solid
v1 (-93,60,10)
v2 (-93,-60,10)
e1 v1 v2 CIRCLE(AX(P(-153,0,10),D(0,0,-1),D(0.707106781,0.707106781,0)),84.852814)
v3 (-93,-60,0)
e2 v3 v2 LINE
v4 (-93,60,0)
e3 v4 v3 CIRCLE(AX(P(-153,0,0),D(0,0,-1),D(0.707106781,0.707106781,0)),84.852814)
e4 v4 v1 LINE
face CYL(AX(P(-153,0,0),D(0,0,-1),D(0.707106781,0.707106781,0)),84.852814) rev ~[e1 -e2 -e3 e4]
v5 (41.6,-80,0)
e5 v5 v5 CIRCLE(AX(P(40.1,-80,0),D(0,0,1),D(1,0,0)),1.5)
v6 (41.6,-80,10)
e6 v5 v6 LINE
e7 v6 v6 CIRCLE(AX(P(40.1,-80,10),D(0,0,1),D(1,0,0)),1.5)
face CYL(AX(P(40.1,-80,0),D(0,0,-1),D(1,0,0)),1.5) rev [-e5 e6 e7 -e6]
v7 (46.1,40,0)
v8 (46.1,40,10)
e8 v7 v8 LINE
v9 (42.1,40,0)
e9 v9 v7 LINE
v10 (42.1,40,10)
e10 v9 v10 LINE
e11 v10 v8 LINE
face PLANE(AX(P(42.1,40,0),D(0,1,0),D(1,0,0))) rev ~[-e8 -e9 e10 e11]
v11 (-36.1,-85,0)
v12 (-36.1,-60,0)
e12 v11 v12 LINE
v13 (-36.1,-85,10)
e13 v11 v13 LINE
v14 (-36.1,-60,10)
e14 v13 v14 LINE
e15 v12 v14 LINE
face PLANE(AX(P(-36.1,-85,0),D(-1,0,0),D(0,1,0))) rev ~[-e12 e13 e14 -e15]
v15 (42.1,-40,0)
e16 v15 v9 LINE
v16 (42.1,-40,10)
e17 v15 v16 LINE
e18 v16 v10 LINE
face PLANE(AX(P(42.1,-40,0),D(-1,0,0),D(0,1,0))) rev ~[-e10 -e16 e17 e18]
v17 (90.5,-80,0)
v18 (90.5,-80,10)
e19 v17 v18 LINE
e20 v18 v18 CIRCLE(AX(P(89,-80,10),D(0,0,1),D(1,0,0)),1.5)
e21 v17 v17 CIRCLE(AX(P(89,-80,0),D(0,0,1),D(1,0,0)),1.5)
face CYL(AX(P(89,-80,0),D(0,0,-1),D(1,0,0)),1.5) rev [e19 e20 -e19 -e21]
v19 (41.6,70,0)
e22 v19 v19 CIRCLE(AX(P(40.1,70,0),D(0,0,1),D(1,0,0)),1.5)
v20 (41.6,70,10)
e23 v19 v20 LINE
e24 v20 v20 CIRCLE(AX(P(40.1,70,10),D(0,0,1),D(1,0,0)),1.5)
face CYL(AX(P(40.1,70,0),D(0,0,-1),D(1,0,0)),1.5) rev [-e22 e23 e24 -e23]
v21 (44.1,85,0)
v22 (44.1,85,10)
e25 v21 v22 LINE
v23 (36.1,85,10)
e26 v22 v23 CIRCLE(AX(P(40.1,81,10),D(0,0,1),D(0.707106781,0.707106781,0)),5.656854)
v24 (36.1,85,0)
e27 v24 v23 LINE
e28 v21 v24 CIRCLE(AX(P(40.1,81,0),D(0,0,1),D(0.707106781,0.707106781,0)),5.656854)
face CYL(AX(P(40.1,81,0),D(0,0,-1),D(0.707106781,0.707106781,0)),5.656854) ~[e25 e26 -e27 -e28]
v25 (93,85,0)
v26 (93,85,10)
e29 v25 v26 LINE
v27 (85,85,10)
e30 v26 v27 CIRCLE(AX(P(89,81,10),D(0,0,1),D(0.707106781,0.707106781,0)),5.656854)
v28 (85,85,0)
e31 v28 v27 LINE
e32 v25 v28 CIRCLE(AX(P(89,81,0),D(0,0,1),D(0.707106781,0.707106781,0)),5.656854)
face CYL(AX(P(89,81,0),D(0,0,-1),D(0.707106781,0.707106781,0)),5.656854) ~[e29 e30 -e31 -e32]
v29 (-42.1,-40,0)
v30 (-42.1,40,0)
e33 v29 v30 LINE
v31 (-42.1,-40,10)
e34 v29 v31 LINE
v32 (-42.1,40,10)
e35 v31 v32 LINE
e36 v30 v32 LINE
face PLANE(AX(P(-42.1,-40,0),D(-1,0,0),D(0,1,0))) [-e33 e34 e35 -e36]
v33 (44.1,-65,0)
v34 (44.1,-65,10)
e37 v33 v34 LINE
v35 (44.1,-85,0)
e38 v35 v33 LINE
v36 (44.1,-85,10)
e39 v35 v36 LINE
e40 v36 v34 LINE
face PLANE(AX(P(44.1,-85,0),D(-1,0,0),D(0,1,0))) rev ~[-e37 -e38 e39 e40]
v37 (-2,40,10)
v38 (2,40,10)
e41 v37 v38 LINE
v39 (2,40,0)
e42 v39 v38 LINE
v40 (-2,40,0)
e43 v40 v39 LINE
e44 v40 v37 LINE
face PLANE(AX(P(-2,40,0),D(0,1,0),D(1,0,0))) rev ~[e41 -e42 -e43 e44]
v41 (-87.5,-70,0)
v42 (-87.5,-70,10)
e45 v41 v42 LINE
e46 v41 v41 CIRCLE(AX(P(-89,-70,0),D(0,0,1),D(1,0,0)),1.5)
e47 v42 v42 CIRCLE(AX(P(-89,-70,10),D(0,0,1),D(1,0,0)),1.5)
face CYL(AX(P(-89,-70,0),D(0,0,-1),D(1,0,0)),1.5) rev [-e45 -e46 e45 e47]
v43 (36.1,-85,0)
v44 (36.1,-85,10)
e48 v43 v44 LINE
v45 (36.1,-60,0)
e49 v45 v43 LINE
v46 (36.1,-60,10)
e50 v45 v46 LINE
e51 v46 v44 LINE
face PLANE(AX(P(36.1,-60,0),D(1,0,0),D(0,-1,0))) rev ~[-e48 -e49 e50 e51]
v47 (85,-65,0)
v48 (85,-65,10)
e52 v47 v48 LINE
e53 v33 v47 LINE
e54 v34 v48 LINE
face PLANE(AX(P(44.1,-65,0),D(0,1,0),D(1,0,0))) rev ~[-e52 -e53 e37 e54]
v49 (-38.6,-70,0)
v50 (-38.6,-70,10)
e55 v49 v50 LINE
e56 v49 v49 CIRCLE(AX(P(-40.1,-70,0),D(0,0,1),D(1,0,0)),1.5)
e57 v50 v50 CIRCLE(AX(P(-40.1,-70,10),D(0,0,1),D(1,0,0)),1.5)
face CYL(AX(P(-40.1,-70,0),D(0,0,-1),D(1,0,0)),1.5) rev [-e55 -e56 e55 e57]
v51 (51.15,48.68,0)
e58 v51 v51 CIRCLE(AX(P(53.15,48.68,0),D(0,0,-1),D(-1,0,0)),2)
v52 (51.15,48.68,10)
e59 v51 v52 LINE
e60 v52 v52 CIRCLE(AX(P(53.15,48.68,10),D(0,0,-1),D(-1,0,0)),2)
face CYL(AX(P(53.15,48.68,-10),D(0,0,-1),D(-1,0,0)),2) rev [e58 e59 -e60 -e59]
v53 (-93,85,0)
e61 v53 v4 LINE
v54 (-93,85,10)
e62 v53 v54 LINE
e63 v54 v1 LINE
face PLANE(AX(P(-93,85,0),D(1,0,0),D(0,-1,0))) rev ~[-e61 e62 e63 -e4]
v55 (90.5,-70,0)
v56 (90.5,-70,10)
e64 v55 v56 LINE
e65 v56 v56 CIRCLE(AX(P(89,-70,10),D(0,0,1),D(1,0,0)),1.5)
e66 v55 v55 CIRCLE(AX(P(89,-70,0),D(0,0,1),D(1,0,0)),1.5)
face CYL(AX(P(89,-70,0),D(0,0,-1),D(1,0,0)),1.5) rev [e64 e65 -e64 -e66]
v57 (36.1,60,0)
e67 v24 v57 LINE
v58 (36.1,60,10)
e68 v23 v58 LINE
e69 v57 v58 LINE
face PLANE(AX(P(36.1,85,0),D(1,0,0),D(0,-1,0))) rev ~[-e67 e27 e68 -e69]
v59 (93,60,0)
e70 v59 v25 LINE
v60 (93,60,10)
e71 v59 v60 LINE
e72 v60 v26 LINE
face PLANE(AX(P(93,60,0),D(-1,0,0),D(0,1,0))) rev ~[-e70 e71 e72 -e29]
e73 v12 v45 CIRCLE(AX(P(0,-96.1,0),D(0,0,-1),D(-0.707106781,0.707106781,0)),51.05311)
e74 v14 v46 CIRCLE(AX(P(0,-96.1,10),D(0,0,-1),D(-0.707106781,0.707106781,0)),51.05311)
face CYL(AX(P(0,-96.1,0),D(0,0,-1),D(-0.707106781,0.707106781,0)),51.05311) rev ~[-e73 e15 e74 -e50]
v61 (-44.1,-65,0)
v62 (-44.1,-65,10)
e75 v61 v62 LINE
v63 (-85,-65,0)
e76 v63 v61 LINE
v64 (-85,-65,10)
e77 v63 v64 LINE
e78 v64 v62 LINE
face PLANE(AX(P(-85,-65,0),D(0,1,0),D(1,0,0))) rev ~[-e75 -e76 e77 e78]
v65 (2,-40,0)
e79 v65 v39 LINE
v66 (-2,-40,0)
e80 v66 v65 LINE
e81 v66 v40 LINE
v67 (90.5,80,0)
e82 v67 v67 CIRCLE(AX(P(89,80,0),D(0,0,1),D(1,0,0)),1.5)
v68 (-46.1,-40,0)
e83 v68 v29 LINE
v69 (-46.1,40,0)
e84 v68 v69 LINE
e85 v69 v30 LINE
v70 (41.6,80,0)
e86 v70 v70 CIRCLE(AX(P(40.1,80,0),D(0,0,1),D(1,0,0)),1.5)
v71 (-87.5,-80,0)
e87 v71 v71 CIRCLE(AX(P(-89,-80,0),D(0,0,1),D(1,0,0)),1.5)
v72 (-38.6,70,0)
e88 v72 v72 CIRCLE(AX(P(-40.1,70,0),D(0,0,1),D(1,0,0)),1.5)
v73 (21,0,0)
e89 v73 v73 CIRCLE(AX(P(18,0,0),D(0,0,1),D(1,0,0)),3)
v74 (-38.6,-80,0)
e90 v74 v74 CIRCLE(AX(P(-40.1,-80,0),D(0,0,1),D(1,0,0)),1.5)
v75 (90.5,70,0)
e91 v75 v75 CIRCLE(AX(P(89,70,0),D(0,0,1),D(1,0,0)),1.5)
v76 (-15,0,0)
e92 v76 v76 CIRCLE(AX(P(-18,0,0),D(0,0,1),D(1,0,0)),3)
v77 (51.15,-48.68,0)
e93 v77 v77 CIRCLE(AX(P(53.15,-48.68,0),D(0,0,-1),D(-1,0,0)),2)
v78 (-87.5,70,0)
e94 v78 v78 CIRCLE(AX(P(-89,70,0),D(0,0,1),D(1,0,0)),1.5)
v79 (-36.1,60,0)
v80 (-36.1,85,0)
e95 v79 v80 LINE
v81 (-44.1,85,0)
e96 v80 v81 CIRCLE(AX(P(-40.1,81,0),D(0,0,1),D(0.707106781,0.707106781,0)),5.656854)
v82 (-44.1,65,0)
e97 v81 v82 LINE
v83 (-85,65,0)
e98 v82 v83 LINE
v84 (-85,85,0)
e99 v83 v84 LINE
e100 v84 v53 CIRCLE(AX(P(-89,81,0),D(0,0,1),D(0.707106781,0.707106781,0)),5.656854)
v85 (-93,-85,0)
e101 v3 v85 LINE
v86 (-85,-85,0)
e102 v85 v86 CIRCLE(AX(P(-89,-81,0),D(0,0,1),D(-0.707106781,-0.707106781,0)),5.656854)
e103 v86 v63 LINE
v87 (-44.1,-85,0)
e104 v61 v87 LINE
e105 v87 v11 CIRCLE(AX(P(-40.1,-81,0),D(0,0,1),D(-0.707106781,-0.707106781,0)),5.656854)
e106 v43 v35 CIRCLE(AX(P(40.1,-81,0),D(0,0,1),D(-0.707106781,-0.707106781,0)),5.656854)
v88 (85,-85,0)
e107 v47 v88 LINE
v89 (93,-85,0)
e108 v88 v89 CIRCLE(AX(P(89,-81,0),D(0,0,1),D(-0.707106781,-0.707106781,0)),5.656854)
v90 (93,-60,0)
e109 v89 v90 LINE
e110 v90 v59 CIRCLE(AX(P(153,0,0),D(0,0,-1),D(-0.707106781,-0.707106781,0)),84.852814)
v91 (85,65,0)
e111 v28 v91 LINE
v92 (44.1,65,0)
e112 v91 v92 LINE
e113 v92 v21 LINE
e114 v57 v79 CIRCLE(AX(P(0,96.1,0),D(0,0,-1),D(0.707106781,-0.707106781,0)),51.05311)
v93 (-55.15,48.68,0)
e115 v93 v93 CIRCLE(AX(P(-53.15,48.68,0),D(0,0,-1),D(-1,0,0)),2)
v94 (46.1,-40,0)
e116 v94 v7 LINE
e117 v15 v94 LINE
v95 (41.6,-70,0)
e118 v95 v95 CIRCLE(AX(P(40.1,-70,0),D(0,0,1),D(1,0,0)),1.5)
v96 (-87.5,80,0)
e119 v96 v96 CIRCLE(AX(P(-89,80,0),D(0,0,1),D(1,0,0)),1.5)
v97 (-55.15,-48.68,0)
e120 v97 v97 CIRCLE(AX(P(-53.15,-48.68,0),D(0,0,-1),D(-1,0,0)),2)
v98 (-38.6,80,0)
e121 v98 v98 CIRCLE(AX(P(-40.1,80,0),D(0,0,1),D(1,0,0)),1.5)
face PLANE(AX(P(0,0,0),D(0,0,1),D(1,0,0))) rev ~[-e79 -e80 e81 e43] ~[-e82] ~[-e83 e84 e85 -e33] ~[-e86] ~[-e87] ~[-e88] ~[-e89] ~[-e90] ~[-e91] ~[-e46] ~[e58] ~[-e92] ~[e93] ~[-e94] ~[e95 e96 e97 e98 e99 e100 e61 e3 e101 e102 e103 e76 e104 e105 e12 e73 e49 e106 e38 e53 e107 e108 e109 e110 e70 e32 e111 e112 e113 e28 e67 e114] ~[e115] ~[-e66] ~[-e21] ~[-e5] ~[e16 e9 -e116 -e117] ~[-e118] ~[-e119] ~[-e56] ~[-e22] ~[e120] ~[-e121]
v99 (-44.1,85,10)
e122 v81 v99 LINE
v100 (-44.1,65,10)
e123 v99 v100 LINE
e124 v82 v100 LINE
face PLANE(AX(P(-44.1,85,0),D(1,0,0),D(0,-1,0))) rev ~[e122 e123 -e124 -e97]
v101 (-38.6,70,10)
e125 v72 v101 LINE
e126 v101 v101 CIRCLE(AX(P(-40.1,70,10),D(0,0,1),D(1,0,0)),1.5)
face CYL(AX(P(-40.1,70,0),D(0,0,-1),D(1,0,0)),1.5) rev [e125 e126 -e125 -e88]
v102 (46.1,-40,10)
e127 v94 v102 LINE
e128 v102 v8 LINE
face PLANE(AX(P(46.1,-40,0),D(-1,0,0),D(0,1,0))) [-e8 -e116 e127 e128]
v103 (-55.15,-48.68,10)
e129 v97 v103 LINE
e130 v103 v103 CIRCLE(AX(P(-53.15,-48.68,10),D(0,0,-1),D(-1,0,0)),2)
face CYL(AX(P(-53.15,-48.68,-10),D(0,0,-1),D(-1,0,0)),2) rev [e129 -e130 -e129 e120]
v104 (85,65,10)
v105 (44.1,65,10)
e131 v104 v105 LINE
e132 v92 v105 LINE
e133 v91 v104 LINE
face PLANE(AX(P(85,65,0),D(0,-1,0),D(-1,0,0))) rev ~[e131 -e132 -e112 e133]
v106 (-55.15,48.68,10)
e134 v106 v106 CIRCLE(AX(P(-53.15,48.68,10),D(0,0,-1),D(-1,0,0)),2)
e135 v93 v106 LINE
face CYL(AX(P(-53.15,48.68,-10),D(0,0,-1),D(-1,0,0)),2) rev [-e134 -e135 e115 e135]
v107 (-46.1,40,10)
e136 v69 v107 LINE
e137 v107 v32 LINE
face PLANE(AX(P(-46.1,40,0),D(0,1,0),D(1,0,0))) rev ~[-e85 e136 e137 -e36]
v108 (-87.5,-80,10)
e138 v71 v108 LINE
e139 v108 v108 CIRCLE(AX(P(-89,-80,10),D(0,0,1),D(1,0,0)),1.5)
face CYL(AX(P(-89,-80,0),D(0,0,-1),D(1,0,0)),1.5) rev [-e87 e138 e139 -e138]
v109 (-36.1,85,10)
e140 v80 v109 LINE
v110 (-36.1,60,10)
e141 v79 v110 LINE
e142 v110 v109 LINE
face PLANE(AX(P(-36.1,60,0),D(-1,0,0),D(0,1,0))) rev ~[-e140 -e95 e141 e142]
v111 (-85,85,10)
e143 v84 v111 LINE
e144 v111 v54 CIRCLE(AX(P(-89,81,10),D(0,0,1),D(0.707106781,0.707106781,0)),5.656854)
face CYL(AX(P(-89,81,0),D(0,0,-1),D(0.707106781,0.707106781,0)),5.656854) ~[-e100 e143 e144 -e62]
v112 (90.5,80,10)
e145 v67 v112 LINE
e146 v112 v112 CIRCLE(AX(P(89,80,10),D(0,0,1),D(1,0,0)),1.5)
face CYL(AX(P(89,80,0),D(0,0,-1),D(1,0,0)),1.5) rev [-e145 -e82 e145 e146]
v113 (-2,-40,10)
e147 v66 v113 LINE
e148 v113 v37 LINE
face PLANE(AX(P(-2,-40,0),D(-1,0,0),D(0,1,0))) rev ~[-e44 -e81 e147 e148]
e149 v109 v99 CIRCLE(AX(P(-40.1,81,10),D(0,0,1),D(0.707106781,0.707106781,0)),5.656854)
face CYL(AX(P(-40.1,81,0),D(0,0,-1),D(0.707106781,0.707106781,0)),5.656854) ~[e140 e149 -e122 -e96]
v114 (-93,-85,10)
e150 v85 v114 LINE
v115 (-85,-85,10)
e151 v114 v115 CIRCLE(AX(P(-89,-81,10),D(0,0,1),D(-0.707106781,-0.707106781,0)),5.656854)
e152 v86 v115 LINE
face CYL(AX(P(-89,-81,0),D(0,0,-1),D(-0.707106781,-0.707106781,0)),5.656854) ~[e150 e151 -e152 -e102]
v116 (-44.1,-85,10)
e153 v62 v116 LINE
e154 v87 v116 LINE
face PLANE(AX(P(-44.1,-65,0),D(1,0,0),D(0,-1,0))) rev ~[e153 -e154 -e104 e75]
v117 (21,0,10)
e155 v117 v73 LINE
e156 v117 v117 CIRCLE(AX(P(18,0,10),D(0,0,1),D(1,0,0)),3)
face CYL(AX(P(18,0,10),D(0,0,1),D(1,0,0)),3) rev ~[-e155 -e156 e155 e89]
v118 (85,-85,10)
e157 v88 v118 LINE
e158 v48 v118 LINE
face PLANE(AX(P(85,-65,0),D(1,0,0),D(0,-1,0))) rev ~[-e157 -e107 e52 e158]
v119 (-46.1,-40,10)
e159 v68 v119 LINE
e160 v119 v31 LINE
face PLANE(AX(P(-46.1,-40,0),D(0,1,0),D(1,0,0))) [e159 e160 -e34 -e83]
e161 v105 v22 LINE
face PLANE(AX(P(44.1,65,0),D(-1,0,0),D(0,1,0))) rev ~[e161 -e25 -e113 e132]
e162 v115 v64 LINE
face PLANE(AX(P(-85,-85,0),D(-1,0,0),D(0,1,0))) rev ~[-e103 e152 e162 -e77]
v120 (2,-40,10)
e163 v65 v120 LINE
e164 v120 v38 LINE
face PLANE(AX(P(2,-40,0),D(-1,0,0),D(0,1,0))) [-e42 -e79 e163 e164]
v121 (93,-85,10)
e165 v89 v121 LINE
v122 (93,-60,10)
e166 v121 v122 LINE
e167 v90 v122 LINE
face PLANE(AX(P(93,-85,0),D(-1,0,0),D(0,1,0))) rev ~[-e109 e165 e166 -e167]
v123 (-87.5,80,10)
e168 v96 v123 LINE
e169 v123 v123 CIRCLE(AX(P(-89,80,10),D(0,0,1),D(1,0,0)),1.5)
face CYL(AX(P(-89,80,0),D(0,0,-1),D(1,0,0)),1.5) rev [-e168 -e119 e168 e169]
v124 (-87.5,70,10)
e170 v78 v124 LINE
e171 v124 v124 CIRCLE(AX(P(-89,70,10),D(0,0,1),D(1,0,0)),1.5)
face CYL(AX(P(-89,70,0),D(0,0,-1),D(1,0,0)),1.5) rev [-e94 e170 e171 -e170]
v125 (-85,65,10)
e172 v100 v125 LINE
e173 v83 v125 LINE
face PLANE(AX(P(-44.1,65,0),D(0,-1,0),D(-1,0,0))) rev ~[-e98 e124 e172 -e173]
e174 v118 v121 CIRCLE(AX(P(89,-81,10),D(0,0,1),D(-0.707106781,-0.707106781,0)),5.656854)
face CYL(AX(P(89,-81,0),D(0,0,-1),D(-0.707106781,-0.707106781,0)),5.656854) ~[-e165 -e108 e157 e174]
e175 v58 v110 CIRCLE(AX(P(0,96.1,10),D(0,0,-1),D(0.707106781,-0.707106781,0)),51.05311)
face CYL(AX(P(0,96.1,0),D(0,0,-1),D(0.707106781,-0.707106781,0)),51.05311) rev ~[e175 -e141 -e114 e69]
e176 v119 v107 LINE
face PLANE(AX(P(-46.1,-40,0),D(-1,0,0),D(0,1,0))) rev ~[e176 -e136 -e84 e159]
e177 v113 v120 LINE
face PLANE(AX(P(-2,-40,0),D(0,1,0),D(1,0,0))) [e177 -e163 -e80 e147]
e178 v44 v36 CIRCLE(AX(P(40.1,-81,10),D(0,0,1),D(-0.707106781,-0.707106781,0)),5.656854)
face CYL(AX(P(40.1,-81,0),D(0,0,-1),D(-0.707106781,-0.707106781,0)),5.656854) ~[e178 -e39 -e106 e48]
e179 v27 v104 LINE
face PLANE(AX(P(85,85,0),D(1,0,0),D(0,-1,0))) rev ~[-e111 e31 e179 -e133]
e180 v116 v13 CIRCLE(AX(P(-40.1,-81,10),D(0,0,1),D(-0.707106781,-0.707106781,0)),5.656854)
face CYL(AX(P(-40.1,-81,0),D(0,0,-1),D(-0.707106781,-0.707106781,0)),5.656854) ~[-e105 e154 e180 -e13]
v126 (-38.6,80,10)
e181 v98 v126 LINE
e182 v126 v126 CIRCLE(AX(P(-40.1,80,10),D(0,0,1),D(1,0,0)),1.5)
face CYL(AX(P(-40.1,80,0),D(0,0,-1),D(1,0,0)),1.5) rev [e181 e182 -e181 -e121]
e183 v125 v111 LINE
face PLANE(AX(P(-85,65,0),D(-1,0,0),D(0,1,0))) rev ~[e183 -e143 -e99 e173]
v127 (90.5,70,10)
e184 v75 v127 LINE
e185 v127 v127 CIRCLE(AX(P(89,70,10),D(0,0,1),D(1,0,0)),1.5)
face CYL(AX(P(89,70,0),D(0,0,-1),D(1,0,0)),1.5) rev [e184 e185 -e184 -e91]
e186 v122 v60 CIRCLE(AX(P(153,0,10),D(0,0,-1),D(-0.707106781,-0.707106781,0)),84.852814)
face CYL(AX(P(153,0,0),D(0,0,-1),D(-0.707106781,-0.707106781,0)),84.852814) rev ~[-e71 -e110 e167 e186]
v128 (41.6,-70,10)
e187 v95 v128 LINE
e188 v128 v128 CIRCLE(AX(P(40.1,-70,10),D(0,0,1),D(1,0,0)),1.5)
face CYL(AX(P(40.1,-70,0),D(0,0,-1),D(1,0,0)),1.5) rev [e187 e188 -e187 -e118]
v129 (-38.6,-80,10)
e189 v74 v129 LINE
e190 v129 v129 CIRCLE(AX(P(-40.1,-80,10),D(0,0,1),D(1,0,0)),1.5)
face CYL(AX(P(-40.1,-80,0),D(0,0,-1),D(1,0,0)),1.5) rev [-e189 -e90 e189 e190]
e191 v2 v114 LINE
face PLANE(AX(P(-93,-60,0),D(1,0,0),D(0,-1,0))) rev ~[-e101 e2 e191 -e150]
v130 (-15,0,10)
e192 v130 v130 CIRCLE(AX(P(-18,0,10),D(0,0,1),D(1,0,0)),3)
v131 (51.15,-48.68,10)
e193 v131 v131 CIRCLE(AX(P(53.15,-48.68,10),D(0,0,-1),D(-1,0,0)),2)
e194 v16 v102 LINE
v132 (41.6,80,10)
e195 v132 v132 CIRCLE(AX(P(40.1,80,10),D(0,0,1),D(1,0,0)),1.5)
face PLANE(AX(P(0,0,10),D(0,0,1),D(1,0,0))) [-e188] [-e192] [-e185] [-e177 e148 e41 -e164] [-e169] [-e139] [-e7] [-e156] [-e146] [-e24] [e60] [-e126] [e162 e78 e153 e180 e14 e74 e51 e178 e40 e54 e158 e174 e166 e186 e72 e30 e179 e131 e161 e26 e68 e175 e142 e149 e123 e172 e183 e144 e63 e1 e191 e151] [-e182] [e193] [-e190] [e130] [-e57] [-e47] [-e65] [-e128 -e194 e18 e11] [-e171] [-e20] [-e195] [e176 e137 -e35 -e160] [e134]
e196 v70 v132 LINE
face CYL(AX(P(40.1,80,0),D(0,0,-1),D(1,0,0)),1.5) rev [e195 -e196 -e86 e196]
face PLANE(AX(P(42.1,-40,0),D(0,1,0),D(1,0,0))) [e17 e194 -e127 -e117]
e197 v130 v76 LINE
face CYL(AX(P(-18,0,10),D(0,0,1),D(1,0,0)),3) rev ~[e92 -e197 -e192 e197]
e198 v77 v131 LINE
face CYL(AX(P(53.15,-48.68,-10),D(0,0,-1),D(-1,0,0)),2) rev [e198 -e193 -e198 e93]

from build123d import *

# Parameters (mm, degrees)
SKETCH1_R               = 1.5
SKETCH1_W               = 4
SKETCH1_H               = 80
BOSS_EXTRUDE1_DEPTH     = 10
CUT_EXTRUDE1_DEPTH      = 128.50847183
CUT_EXTRUDE1_DEPTH_BACK = 20
SKETCH2_R               = 2
SKETCH3_R               = 3
CUT_EXTRUDE2_DEPTH      = 20


with BuildPart() as part:
    # Sketch1 → Boss-Extrude1 (new body)
    with BuildSketch(Plane.XY):
        with BuildLine():
            Line((-85, -85), (-85, -65))
            Line((-85, -65), (-44.1, -65))
            Line((-44.1, -65), (-44.1, -85))
            ThreePointArc((-44.1, -85), (-40.1, -86.656854249), (-36.1, -85))
            Line((-36.1, -85), (-36.1, -60))
            ThreePointArc((-36.1, -60), (0, -45.046890398), (36.1, -60))
            Line((36.1, -60), (36.1, -85))
            ThreePointArc((36.1, -85), (40.1, -86.656854249), (44.1, -85))
            Line((44.1, -85), (44.1, -65))
            Line((44.1, -65), (85, -65))
            Line((85, -65), (85, -85))
            ThreePointArc((85, -85), (89, -86.656854249), (93, -85))
            Line((93, -85), (93, -60))
            ThreePointArc((93, -60), (68.147186258, 0), (93, 60))
            Line((93, 60), (93, 85))
            ThreePointArc((93, 85), (89, 86.656854249), (85, 85))
            Line((85, 85), (85, 65))
            Line((85, 65), (44.1, 65))
            Line((44.1, 65), (44.1, 85))
            ThreePointArc((44.1, 85), (40.1, 86.656854249), (36.1, 85))
            Line((36.1, 85), (36.1, 60))
            ThreePointArc((36.1, 60), (0, 45.046890398), (-36.1, 60))
            Line((-36.1, 60), (-36.1, 85))
            ThreePointArc((-36.1, 85), (-40.1, 86.656854249), (-44.1, 85))
            Line((-44.1, 85), (-44.1, 65))
            Line((-44.1, 65), (-85, 65))
            Line((-85, 65), (-85, 85))
            ThreePointArc((-85, 85), (-89, 86.656854249), (-93, 85))
            Line((-93, 85), (-93, 60))
            ThreePointArc((-93, 60), (-68.147186258, 0), (-93, -60))
            Line((-93, -60), (-93, -85))
            ThreePointArc((-93, -85), (-89, -86.656854249), (-85, -85))
        make_face()
        with Locations((-89, 70)):
            Circle(SKETCH1_R, mode=Mode.SUBTRACT)
        with Locations((-89, 80)):
            Circle(SKETCH1_R, mode=Mode.SUBTRACT)
        with Locations((-40.1, 70)):
            Circle(SKETCH1_R, mode=Mode.SUBTRACT)
        with Locations((-40.1, 80)):
            Circle(SKETCH1_R, mode=Mode.SUBTRACT)
        with Locations((-40.1, -70)):
            Circle(SKETCH1_R, mode=Mode.SUBTRACT)
        with Locations((-40.1, -80)):
            Circle(SKETCH1_R, mode=Mode.SUBTRACT)
        with Locations((-89, -80)):
            Circle(SKETCH1_R, mode=Mode.SUBTRACT)
        with Locations((-89, -70)):
            Circle(SKETCH1_R, mode=Mode.SUBTRACT)
        with Locations((89, 80)):
            Circle(SKETCH1_R, mode=Mode.SUBTRACT)
        with Locations((89, 70)):
            Circle(SKETCH1_R, mode=Mode.SUBTRACT)
        with Locations((40.1, 80)):
            Circle(SKETCH1_R, mode=Mode.SUBTRACT)
        with Locations((40.1, 70)):
            Circle(SKETCH1_R, mode=Mode.SUBTRACT)
        with Locations((89, -70)):
            Circle(SKETCH1_R, mode=Mode.SUBTRACT)
        with Locations((89, -80)):
            Circle(SKETCH1_R, mode=Mode.SUBTRACT)
        with Locations((40.1, -80)):
            Circle(SKETCH1_R, mode=Mode.SUBTRACT)
        with Locations((40.1, -70)):
            Circle(SKETCH1_R, mode=Mode.SUBTRACT)
        with Locations((44.1, 0)):
            Rectangle(SKETCH1_W, SKETCH1_H, mode=Mode.SUBTRACT)
        with Locations((-44.1, 0)):
            Rectangle(SKETCH1_W, SKETCH1_H, mode=Mode.SUBTRACT)
        Rectangle(SKETCH1_W, SKETCH1_H, mode=Mode.SUBTRACT)
    extrude(amount=BOSS_EXTRUDE1_DEPTH)

    # Sketch2 → Cut-Extrude1 (cut, two sides: drawn at the far end of the back side and taken through both)
    with BuildSketch(Plane.XY.offset(10).offset(-CUT_EXTRUDE1_DEPTH_BACK)):
        with Locations(Location((53.15, -48.68, 0), (0, 0, 180))):
            Circle(SKETCH2_R)
        with Locations(Location((-53.15, -48.68, 0), (0, 0, 180))):
            Circle(SKETCH2_R)
        with Locations(Location((53.15, 48.68, 0), (0, 0, 180))):
            Circle(SKETCH2_R)
        with Locations(Location((-53.15, 48.68, 0), (0, 0, 180))):
            Circle(SKETCH2_R)
    extrude(amount=CUT_EXTRUDE1_DEPTH + CUT_EXTRUDE1_DEPTH_BACK, mode=Mode.SUBTRACT)

    # Sketch3 → Cut-Extrude2 (cut)
    with BuildSketch(Plane.XY.offset(10)):
        with Locations((18, 0)):
            Circle(SKETCH3_R)
        with Locations((-18, 0)):
            Circle(SKETCH3_R)
    extrude(amount=-CUT_EXTRUDE2_DEPTH, mode=Mode.SUBTRACT)


solid = part.part
